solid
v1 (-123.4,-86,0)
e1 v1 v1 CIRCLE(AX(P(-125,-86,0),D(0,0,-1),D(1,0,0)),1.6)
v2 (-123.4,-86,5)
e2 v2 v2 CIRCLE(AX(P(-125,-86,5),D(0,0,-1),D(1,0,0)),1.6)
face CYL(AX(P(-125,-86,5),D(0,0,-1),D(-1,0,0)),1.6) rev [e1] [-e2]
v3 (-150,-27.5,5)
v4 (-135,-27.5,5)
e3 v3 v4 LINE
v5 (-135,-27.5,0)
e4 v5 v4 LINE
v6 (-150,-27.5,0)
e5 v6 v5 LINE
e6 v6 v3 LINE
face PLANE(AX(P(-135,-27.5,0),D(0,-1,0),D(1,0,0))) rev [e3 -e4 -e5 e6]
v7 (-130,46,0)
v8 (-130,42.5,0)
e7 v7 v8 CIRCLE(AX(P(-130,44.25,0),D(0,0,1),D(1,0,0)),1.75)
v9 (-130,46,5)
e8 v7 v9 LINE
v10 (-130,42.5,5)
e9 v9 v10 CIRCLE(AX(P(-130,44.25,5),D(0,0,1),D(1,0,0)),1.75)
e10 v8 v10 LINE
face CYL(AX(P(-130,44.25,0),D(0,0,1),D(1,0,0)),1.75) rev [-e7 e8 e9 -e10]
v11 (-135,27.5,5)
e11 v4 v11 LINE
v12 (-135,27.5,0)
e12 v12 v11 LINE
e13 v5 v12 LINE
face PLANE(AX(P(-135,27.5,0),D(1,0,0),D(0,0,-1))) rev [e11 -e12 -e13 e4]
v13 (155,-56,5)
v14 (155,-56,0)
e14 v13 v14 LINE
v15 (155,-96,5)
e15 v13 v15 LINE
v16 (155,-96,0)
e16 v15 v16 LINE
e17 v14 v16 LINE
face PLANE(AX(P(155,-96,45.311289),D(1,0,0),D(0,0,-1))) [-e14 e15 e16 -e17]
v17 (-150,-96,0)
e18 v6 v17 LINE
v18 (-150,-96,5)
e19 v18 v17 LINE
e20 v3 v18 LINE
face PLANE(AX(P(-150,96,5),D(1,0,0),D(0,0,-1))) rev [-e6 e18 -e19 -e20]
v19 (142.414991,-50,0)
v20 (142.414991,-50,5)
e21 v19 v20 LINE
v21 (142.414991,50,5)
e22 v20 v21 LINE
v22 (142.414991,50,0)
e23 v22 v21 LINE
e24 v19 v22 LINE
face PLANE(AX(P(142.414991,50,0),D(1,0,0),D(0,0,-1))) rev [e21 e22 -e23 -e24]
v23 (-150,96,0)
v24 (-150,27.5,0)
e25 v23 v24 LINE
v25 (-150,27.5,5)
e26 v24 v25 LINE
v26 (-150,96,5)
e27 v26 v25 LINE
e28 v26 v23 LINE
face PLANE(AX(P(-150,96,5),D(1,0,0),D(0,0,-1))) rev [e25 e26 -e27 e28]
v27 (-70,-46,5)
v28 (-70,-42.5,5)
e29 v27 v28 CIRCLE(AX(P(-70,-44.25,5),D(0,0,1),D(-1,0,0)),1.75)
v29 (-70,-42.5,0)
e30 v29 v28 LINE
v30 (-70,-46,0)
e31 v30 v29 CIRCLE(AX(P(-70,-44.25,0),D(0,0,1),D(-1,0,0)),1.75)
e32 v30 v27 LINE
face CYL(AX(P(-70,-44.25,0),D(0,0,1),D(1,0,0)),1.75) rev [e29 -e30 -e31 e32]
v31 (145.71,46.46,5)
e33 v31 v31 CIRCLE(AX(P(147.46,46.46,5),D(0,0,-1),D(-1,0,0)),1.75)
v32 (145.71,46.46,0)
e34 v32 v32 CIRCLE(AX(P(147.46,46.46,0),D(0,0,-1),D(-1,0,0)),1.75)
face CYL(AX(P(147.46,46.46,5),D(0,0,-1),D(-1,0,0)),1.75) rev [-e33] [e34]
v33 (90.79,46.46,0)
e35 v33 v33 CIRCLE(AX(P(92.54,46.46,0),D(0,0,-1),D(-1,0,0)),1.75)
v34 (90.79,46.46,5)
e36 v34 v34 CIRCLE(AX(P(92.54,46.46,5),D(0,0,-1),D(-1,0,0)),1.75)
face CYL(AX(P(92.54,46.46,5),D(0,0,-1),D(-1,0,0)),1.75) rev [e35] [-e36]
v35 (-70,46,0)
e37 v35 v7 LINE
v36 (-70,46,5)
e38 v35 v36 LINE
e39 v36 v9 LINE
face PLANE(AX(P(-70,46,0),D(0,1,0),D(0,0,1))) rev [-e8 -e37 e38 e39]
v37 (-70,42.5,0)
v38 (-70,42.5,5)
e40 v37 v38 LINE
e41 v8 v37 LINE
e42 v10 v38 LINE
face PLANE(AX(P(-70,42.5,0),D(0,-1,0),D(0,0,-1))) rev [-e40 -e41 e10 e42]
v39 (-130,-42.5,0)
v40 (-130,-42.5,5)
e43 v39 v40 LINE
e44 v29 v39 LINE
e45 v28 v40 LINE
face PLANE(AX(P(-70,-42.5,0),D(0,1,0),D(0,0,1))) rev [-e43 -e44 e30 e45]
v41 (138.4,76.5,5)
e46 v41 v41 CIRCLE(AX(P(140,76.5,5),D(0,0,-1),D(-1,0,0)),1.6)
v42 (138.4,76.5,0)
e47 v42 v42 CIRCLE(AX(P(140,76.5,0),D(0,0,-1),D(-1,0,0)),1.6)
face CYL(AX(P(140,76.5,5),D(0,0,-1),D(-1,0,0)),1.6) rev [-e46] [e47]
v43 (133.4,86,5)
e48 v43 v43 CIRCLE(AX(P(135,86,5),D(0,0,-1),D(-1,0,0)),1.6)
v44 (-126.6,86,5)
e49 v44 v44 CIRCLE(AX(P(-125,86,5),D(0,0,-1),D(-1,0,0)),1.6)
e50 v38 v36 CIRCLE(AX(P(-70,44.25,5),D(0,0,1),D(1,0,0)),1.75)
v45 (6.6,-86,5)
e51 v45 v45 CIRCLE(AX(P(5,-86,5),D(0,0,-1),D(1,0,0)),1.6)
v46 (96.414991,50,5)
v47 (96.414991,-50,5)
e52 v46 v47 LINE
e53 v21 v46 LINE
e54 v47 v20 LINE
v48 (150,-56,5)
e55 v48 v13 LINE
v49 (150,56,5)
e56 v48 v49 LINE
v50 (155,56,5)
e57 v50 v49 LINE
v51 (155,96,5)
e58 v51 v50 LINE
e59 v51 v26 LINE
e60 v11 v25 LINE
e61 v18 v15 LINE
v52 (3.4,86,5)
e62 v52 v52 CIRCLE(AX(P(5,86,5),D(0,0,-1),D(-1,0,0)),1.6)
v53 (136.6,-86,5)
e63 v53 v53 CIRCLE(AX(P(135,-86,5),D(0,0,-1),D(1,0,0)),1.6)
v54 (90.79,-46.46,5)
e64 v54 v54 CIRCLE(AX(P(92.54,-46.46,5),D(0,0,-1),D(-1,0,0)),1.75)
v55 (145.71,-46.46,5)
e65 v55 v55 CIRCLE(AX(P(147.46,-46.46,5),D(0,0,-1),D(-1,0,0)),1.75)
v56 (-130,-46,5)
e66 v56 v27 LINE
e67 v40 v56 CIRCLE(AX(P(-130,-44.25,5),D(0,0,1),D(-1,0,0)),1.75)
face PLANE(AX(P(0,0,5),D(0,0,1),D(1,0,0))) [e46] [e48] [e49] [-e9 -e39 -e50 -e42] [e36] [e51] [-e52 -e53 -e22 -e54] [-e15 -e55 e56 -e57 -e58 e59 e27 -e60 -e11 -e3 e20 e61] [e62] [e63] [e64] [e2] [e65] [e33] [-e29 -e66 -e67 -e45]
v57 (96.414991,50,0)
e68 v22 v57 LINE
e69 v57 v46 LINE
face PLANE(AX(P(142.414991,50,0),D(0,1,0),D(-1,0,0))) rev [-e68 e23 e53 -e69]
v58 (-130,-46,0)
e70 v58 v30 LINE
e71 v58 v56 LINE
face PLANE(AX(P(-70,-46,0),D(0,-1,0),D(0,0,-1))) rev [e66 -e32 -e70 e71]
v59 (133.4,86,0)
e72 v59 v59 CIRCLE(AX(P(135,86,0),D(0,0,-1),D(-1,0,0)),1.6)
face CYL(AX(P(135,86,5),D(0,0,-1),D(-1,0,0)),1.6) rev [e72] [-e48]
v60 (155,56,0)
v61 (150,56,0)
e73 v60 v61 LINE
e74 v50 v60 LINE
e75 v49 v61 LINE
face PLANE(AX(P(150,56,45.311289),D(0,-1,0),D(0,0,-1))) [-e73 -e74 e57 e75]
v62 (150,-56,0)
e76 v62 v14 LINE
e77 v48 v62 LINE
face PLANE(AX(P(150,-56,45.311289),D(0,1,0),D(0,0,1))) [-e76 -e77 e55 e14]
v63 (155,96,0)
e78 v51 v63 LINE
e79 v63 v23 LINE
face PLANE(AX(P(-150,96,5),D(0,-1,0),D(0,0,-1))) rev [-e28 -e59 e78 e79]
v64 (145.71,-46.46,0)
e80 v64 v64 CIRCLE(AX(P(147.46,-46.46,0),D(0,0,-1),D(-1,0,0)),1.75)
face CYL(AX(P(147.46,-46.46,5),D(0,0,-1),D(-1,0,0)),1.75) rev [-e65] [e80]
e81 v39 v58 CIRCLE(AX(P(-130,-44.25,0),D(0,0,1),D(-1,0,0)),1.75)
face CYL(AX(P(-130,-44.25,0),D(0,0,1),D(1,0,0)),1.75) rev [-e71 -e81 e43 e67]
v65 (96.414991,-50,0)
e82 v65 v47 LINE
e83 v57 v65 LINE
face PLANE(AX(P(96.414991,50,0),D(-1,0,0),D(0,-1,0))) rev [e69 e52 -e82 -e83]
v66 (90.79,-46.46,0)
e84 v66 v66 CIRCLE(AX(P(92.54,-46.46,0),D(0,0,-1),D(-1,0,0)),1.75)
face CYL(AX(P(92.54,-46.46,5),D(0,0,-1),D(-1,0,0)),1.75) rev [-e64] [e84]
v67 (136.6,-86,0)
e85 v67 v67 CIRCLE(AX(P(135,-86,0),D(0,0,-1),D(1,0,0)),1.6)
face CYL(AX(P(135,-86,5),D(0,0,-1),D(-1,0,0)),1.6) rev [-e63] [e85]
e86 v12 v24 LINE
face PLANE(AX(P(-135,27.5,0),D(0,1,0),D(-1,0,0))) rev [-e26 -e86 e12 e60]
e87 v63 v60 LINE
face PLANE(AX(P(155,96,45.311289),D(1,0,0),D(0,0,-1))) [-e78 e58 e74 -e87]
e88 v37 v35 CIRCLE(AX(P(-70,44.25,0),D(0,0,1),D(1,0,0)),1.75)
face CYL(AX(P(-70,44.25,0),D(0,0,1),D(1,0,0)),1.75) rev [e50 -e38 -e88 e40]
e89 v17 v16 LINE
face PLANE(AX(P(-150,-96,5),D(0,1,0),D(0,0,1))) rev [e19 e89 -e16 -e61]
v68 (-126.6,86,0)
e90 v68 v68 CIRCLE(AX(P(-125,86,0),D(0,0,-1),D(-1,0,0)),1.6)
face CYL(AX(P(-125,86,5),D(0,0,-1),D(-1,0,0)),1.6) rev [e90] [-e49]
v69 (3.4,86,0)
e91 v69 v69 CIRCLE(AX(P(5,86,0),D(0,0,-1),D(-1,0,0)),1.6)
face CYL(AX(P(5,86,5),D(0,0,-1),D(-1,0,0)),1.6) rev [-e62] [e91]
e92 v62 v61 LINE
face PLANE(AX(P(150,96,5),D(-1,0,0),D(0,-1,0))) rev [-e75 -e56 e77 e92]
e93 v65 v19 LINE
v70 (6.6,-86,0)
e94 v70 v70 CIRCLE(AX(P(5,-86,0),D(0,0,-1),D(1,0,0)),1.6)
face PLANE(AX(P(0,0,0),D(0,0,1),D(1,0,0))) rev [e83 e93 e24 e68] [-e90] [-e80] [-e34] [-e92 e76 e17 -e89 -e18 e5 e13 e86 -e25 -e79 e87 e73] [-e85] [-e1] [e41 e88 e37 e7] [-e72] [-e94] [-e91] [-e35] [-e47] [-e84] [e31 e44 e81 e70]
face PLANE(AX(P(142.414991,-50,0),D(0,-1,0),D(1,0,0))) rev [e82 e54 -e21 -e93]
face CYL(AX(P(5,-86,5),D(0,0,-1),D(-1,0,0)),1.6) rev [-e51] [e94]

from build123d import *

# Parameters (mm, degrees)
SKETCH1_W           = 300
SKETCH1_H           = 192
BOSS_EXTRUDE1_DEPTH = 5
SKETCH2_R           = 1.75
CUT_EXTRUDE1_DEPTH  = 179.160040413
SKETCH4_W           = 46
SKETCH4_H           = 100
CUT_EXTRUDE2_DEPTH  = 179.160040413
SKETCH5_W           = 15
SKETCH5_H           = 55
CUT_EXTRUDE3_DEPTH  = 179.160040413
SKETCH6_R           = 1.6
CUT_EXTRUDE4_DEPTH  = 179.160040413
SKETCH7_W           = 5
SKETCH7_H           = 40
BOSS_EXTRUDE2_DEPTH = 5
SKETCH8_R           = 1.6
CUT_EXTRUDE5_DEPTH  = 183.389692691


with BuildPart() as part:
    # Sketch1 → Boss-Extrude1 (new body)
    with BuildSketch(Plane.XY):
        Rectangle(SKETCH1_W, SKETCH1_H)
    extrude(amount=BOSS_EXTRUDE1_DEPTH)

    # Sketch2 → Cut-Extrude1 (cut, through all)
    with BuildSketch(Plane(origin=(0, 0, 0), x_dir=(-1, 0, 0), z_dir=(0, 0, -1))):
        with Locations((-147.46, 46.46)):
            Circle(SKETCH2_R)
        with Locations((-147.46, -46.46)):
            Circle(SKETCH2_R)
        with Locations((-92.54, 46.46)):
            Circle(SKETCH2_R)
        with Locations((-92.54, -46.46)):
            Circle(SKETCH2_R)
    extrude(amount=-CUT_EXTRUDE1_DEPTH, mode=Mode.SUBTRACT)

    # Sketch4 → Cut-Extrude2 (cut, through all)
    with BuildSketch(Plane.XY.offset(5)):
        with Locations((119.414990718, 0)):
            Rectangle(SKETCH4_W, SKETCH4_H)
    extrude(amount=-CUT_EXTRUDE2_DEPTH, mode=Mode.SUBTRACT)

    # Sketch5 → Cut-Extrude3 (cut, through all)
    with BuildSketch(Plane.XY.offset(5)):
        with BuildLine():
            Line((-70, 42.5), (-130, 42.5))
            ThreePointArc((-130, 42.5), (-131.75, 44.25), (-130, 46))
            Line((-130, 46), (-70, 46))
            ThreePointArc((-70, 46), (-68.25, 44.25), (-70, 42.5))
        make_face()
        with BuildLine():
            Line((-70, -42.5), (-130, -42.5))
            ThreePointArc((-130, -42.5), (-131.75, -44.25), (-130, -46))
            Line((-130, -46), (-70, -46))
            ThreePointArc((-70, -46), (-68.25, -44.25), (-70, -42.5))
        make_face()
        with Locations((-142.5, 0)):
            Rectangle(SKETCH5_W, SKETCH5_H)
    extrude(amount=-CUT_EXTRUDE3_DEPTH, mode=Mode.SUBTRACT)

    # Sketch6 → Cut-Extrude4 (cut, through all)
    with BuildSketch(Plane(origin=(0, 0, 0), x_dir=(-1, 0, 0), z_dir=(0, 0, -1))):
        with Locations((-135, 86)):
            Circle(SKETCH6_R)
        with Locations((-5, 86)):
            Circle(SKETCH6_R)
        with Locations((125, 86)):
            Circle(SKETCH6_R)
        with Locations(Location((125, -86, 0), (0, 0, 180))):
            Circle(SKETCH6_R)
        with Locations(Location((-5, -86, 0), (0, 0, 180))):
            Circle(SKETCH6_R)
        with Locations(Location((-135, -86, 0), (0, 0, 180))):
            Circle(SKETCH6_R)
    extrude(amount=-CUT_EXTRUDE4_DEPTH, mode=Mode.SUBTRACT)

    # Sketch7 → Boss-Extrude2 (add)
    with BuildSketch(Plane(origin=(0, 0, 0), x_dir=(-1, 0, 0), z_dir=(0, 0, -1))):
        with Locations((-152.5, 76)):
            Rectangle(SKETCH7_W, SKETCH7_H)
        with Locations((-152.5, -76)):
            Rectangle(SKETCH7_W, SKETCH7_H)
    extrude(amount=-BOSS_EXTRUDE2_DEPTH)

    # Sketch8 → Cut-Extrude5 (cut, through all)
    with BuildSketch(Plane(origin=(0, 0, 0), x_dir=(-1, 0, 0), z_dir=(0, 0, -1))):
        with Locations((-140, 76.5)):
            Circle(SKETCH8_R)
    extrude(amount=-CUT_EXTRUDE5_DEPTH, mode=Mode.SUBTRACT)


solid = part.part
